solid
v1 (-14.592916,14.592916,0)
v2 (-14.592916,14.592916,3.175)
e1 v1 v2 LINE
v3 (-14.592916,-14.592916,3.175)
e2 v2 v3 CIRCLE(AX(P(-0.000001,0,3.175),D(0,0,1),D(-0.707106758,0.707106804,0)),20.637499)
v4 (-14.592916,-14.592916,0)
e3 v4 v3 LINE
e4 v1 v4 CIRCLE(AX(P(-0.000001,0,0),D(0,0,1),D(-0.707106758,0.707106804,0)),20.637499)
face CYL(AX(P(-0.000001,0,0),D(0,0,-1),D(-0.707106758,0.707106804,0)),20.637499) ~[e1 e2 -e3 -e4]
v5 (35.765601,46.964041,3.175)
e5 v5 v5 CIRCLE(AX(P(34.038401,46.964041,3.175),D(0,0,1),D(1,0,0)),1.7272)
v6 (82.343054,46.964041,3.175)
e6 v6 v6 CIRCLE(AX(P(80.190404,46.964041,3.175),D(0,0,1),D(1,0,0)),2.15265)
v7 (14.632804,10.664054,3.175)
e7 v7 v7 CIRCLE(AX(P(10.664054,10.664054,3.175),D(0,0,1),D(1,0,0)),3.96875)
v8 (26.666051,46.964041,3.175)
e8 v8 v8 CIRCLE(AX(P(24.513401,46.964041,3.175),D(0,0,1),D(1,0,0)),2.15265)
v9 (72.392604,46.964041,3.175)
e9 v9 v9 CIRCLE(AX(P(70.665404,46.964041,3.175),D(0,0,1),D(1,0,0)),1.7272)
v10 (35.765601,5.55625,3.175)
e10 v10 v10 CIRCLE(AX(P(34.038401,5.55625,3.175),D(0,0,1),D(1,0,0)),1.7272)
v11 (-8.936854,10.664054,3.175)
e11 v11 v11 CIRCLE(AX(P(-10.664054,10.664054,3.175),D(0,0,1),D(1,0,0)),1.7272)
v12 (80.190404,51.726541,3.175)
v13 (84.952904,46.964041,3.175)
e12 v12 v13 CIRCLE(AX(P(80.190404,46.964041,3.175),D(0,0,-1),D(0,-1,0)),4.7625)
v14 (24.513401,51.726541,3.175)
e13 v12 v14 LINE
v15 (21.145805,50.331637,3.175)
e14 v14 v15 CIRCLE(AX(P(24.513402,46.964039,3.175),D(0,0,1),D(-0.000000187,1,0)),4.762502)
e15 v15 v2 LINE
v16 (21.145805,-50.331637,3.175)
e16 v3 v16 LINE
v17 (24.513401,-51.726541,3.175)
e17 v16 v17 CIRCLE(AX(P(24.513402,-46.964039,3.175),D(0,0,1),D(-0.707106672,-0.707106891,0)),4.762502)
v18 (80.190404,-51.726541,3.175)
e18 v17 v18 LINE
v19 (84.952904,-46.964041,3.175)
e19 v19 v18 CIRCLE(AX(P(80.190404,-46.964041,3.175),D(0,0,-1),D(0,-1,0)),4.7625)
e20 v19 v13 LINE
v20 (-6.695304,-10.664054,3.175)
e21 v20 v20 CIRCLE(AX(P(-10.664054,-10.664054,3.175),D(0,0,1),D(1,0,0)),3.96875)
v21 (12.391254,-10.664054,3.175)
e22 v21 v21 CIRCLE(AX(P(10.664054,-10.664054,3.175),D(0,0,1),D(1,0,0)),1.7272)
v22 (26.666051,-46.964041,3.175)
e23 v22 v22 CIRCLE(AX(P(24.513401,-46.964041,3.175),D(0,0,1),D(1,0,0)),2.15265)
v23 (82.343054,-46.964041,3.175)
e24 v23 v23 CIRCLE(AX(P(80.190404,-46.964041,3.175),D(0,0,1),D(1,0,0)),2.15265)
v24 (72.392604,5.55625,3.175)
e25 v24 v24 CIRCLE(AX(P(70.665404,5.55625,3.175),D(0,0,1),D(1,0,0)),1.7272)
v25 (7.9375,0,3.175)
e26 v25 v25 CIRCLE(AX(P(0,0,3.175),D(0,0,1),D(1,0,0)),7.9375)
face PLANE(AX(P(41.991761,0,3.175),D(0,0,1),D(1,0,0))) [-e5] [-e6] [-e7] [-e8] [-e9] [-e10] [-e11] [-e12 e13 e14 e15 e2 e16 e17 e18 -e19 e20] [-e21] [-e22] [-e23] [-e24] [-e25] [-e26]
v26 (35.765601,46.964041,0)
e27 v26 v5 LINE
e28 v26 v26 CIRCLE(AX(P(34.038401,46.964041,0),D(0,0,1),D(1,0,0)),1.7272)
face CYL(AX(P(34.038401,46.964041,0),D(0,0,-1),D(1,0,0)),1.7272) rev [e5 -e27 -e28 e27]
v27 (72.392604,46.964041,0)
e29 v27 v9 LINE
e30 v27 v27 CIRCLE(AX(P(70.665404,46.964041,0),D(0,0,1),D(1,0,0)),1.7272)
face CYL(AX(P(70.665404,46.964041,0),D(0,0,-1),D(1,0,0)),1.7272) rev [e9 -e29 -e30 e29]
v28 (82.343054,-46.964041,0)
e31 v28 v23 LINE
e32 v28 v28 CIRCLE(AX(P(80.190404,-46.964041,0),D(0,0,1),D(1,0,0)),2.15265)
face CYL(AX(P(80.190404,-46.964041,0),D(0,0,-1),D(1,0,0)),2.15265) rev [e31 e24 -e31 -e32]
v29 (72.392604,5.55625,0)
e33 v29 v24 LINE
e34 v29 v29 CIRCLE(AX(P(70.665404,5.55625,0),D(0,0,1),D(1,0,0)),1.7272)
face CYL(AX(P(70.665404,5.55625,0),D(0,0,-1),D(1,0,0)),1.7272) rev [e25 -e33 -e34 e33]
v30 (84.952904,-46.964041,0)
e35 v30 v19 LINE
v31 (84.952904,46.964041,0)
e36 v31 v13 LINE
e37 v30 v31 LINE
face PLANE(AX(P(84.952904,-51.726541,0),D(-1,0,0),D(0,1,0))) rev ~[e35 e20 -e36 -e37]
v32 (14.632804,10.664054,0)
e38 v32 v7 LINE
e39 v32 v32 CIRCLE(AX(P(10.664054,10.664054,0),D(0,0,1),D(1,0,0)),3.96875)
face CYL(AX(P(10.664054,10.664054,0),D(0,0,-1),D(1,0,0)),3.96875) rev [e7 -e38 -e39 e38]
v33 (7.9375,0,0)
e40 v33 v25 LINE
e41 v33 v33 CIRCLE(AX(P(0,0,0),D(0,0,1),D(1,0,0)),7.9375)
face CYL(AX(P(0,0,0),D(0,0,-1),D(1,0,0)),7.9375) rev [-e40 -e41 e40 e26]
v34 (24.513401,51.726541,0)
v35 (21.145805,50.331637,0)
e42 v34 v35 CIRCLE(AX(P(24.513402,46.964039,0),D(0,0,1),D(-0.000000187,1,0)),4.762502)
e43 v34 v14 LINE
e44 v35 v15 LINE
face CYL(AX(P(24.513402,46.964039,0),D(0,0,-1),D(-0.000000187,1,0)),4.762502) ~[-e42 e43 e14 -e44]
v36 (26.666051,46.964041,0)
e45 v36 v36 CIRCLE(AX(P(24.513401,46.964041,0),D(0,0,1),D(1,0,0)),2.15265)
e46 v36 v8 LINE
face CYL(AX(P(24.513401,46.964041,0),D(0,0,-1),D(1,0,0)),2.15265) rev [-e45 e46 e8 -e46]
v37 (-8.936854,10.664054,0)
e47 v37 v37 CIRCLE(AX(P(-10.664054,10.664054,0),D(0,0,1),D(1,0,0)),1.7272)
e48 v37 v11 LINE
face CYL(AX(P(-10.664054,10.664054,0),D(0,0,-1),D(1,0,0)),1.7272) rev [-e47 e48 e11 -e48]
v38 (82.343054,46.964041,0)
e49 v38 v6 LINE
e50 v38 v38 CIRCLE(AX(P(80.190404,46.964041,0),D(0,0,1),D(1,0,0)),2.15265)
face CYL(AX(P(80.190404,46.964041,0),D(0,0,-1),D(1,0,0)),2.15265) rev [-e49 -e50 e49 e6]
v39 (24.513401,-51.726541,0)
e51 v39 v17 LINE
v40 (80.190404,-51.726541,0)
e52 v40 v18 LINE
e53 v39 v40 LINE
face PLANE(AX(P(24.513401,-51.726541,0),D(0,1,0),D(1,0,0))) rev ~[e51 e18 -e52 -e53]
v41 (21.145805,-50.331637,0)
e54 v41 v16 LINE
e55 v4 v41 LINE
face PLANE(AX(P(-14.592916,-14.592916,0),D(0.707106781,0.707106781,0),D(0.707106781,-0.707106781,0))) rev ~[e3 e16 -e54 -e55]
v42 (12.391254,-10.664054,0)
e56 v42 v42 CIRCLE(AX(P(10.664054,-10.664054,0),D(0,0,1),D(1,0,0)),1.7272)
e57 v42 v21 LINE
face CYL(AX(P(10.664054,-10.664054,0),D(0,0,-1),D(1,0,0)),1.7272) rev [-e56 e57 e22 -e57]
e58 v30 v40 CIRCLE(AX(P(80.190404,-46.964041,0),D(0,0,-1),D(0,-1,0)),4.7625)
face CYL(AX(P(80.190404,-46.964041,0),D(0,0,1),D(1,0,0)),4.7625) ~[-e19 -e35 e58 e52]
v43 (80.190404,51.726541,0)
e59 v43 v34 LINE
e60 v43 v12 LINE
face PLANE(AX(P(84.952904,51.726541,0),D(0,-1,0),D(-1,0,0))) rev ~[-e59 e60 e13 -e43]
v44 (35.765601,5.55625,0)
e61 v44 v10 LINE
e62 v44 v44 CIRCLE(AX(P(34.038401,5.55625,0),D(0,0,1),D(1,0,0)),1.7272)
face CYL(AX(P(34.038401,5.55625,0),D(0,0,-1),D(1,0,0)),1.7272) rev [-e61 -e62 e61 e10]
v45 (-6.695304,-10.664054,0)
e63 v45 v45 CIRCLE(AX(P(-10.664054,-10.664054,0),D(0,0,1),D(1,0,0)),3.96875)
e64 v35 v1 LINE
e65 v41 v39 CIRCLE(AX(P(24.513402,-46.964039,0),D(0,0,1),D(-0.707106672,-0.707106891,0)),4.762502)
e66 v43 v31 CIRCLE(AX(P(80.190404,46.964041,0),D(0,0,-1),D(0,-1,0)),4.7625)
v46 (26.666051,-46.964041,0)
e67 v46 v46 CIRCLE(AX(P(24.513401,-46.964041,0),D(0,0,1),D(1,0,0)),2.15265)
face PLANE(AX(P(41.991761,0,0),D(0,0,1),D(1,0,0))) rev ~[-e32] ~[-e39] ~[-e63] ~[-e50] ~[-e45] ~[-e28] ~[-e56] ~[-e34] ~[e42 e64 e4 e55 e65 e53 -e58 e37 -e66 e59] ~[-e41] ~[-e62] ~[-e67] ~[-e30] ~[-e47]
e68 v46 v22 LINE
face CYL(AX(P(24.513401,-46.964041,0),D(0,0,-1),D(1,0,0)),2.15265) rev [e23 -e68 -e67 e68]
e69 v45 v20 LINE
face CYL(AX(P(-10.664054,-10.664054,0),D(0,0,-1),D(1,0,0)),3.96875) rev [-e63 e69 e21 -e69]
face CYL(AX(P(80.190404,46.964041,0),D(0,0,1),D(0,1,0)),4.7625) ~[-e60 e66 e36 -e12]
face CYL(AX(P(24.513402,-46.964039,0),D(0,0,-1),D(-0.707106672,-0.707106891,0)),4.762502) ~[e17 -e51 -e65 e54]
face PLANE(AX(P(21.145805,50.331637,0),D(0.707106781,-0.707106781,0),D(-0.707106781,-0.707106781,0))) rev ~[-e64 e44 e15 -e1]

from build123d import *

# Parameters (mm, degrees)
F0_R     = 2.15265
F0_R_2   = 3.96875
F0_R_3   = 7.9375
F0_R_4   = 1.7272
F1_DEPTH = 3.175
F2_R     = 4.7625


with BuildPart() as f1:
    # F0 (on Top) → F1 (new body)
    with BuildSketch(Plane.XY):
        with BuildLine():
            Line((21.145805, 50.331637), (-14.592916, 14.592916))
            ThreePointArc((-14.592916, 14.592916), (-20.6375, 0), (-14.592916, -14.592916))
            Line((-14.592916, -14.592916), (21.145805, -50.331637))
            ThreePointArc((21.145805, -50.331637), (22.690871, -51.364017), (24.513401, -51.726541))
            Line((24.513401, -51.726541), (84.952904, -51.726541))
            Line((84.952904, -51.726541), (84.952904, 51.726541))
            Line((84.952904, 51.726541), (24.513401, 51.726541))
            ThreePointArc((24.513401, 51.726541), (22.690871, 51.364017), (21.145805, 50.331637))
        make_face()
        with Locations((24.513401, -46.964041)):
            Circle(F0_R, mode=Mode.SUBTRACT)
        with Locations((-10.664054, -10.664054)):
            Circle(F0_R_2, mode=Mode.SUBTRACT)
        Circle(F0_R_3, mode=Mode.SUBTRACT)
        with Locations((10.664054, -10.664054)):
            Circle(F0_R_4, mode=Mode.SUBTRACT)
        with Locations((80.190404, -46.964041)):
            Circle(F0_R, mode=Mode.SUBTRACT)
        with Locations((-10.664054, 10.664054)):
            Circle(F0_R_4, mode=Mode.SUBTRACT)
        with Locations((10.664054, 10.664054)):
            Circle(F0_R_2, mode=Mode.SUBTRACT)
        with Locations((24.513401, 46.964041)):
            Circle(F0_R, mode=Mode.SUBTRACT)
        with Locations((34.038401, 5.55625)):
            Circle(F0_R_4, mode=Mode.SUBTRACT)
        with Locations((70.665404, 5.55625)):
            Circle(F0_R_4, mode=Mode.SUBTRACT)
        with Locations((34.038401, 46.964041)):
            Circle(F0_R_4, mode=Mode.SUBTRACT)
        with Locations((70.665404, 46.964041)):
            Circle(F0_R_4, mode=Mode.SUBTRACT)
        with Locations((80.190404, 46.964041)):
            Circle(F0_R, mode=Mode.SUBTRACT)
    extrude(amount=F1_DEPTH)

    # F2
    f2_edges = [f1.edges().sort_by_distance(p)[0] for p in [
        (84.952904, 51.726541, 1.5875),
        (84.952904, -51.726541, 1.5875),
    ]]
    fillet(f2_edges, radius=F2_R)


solid = f1.part
